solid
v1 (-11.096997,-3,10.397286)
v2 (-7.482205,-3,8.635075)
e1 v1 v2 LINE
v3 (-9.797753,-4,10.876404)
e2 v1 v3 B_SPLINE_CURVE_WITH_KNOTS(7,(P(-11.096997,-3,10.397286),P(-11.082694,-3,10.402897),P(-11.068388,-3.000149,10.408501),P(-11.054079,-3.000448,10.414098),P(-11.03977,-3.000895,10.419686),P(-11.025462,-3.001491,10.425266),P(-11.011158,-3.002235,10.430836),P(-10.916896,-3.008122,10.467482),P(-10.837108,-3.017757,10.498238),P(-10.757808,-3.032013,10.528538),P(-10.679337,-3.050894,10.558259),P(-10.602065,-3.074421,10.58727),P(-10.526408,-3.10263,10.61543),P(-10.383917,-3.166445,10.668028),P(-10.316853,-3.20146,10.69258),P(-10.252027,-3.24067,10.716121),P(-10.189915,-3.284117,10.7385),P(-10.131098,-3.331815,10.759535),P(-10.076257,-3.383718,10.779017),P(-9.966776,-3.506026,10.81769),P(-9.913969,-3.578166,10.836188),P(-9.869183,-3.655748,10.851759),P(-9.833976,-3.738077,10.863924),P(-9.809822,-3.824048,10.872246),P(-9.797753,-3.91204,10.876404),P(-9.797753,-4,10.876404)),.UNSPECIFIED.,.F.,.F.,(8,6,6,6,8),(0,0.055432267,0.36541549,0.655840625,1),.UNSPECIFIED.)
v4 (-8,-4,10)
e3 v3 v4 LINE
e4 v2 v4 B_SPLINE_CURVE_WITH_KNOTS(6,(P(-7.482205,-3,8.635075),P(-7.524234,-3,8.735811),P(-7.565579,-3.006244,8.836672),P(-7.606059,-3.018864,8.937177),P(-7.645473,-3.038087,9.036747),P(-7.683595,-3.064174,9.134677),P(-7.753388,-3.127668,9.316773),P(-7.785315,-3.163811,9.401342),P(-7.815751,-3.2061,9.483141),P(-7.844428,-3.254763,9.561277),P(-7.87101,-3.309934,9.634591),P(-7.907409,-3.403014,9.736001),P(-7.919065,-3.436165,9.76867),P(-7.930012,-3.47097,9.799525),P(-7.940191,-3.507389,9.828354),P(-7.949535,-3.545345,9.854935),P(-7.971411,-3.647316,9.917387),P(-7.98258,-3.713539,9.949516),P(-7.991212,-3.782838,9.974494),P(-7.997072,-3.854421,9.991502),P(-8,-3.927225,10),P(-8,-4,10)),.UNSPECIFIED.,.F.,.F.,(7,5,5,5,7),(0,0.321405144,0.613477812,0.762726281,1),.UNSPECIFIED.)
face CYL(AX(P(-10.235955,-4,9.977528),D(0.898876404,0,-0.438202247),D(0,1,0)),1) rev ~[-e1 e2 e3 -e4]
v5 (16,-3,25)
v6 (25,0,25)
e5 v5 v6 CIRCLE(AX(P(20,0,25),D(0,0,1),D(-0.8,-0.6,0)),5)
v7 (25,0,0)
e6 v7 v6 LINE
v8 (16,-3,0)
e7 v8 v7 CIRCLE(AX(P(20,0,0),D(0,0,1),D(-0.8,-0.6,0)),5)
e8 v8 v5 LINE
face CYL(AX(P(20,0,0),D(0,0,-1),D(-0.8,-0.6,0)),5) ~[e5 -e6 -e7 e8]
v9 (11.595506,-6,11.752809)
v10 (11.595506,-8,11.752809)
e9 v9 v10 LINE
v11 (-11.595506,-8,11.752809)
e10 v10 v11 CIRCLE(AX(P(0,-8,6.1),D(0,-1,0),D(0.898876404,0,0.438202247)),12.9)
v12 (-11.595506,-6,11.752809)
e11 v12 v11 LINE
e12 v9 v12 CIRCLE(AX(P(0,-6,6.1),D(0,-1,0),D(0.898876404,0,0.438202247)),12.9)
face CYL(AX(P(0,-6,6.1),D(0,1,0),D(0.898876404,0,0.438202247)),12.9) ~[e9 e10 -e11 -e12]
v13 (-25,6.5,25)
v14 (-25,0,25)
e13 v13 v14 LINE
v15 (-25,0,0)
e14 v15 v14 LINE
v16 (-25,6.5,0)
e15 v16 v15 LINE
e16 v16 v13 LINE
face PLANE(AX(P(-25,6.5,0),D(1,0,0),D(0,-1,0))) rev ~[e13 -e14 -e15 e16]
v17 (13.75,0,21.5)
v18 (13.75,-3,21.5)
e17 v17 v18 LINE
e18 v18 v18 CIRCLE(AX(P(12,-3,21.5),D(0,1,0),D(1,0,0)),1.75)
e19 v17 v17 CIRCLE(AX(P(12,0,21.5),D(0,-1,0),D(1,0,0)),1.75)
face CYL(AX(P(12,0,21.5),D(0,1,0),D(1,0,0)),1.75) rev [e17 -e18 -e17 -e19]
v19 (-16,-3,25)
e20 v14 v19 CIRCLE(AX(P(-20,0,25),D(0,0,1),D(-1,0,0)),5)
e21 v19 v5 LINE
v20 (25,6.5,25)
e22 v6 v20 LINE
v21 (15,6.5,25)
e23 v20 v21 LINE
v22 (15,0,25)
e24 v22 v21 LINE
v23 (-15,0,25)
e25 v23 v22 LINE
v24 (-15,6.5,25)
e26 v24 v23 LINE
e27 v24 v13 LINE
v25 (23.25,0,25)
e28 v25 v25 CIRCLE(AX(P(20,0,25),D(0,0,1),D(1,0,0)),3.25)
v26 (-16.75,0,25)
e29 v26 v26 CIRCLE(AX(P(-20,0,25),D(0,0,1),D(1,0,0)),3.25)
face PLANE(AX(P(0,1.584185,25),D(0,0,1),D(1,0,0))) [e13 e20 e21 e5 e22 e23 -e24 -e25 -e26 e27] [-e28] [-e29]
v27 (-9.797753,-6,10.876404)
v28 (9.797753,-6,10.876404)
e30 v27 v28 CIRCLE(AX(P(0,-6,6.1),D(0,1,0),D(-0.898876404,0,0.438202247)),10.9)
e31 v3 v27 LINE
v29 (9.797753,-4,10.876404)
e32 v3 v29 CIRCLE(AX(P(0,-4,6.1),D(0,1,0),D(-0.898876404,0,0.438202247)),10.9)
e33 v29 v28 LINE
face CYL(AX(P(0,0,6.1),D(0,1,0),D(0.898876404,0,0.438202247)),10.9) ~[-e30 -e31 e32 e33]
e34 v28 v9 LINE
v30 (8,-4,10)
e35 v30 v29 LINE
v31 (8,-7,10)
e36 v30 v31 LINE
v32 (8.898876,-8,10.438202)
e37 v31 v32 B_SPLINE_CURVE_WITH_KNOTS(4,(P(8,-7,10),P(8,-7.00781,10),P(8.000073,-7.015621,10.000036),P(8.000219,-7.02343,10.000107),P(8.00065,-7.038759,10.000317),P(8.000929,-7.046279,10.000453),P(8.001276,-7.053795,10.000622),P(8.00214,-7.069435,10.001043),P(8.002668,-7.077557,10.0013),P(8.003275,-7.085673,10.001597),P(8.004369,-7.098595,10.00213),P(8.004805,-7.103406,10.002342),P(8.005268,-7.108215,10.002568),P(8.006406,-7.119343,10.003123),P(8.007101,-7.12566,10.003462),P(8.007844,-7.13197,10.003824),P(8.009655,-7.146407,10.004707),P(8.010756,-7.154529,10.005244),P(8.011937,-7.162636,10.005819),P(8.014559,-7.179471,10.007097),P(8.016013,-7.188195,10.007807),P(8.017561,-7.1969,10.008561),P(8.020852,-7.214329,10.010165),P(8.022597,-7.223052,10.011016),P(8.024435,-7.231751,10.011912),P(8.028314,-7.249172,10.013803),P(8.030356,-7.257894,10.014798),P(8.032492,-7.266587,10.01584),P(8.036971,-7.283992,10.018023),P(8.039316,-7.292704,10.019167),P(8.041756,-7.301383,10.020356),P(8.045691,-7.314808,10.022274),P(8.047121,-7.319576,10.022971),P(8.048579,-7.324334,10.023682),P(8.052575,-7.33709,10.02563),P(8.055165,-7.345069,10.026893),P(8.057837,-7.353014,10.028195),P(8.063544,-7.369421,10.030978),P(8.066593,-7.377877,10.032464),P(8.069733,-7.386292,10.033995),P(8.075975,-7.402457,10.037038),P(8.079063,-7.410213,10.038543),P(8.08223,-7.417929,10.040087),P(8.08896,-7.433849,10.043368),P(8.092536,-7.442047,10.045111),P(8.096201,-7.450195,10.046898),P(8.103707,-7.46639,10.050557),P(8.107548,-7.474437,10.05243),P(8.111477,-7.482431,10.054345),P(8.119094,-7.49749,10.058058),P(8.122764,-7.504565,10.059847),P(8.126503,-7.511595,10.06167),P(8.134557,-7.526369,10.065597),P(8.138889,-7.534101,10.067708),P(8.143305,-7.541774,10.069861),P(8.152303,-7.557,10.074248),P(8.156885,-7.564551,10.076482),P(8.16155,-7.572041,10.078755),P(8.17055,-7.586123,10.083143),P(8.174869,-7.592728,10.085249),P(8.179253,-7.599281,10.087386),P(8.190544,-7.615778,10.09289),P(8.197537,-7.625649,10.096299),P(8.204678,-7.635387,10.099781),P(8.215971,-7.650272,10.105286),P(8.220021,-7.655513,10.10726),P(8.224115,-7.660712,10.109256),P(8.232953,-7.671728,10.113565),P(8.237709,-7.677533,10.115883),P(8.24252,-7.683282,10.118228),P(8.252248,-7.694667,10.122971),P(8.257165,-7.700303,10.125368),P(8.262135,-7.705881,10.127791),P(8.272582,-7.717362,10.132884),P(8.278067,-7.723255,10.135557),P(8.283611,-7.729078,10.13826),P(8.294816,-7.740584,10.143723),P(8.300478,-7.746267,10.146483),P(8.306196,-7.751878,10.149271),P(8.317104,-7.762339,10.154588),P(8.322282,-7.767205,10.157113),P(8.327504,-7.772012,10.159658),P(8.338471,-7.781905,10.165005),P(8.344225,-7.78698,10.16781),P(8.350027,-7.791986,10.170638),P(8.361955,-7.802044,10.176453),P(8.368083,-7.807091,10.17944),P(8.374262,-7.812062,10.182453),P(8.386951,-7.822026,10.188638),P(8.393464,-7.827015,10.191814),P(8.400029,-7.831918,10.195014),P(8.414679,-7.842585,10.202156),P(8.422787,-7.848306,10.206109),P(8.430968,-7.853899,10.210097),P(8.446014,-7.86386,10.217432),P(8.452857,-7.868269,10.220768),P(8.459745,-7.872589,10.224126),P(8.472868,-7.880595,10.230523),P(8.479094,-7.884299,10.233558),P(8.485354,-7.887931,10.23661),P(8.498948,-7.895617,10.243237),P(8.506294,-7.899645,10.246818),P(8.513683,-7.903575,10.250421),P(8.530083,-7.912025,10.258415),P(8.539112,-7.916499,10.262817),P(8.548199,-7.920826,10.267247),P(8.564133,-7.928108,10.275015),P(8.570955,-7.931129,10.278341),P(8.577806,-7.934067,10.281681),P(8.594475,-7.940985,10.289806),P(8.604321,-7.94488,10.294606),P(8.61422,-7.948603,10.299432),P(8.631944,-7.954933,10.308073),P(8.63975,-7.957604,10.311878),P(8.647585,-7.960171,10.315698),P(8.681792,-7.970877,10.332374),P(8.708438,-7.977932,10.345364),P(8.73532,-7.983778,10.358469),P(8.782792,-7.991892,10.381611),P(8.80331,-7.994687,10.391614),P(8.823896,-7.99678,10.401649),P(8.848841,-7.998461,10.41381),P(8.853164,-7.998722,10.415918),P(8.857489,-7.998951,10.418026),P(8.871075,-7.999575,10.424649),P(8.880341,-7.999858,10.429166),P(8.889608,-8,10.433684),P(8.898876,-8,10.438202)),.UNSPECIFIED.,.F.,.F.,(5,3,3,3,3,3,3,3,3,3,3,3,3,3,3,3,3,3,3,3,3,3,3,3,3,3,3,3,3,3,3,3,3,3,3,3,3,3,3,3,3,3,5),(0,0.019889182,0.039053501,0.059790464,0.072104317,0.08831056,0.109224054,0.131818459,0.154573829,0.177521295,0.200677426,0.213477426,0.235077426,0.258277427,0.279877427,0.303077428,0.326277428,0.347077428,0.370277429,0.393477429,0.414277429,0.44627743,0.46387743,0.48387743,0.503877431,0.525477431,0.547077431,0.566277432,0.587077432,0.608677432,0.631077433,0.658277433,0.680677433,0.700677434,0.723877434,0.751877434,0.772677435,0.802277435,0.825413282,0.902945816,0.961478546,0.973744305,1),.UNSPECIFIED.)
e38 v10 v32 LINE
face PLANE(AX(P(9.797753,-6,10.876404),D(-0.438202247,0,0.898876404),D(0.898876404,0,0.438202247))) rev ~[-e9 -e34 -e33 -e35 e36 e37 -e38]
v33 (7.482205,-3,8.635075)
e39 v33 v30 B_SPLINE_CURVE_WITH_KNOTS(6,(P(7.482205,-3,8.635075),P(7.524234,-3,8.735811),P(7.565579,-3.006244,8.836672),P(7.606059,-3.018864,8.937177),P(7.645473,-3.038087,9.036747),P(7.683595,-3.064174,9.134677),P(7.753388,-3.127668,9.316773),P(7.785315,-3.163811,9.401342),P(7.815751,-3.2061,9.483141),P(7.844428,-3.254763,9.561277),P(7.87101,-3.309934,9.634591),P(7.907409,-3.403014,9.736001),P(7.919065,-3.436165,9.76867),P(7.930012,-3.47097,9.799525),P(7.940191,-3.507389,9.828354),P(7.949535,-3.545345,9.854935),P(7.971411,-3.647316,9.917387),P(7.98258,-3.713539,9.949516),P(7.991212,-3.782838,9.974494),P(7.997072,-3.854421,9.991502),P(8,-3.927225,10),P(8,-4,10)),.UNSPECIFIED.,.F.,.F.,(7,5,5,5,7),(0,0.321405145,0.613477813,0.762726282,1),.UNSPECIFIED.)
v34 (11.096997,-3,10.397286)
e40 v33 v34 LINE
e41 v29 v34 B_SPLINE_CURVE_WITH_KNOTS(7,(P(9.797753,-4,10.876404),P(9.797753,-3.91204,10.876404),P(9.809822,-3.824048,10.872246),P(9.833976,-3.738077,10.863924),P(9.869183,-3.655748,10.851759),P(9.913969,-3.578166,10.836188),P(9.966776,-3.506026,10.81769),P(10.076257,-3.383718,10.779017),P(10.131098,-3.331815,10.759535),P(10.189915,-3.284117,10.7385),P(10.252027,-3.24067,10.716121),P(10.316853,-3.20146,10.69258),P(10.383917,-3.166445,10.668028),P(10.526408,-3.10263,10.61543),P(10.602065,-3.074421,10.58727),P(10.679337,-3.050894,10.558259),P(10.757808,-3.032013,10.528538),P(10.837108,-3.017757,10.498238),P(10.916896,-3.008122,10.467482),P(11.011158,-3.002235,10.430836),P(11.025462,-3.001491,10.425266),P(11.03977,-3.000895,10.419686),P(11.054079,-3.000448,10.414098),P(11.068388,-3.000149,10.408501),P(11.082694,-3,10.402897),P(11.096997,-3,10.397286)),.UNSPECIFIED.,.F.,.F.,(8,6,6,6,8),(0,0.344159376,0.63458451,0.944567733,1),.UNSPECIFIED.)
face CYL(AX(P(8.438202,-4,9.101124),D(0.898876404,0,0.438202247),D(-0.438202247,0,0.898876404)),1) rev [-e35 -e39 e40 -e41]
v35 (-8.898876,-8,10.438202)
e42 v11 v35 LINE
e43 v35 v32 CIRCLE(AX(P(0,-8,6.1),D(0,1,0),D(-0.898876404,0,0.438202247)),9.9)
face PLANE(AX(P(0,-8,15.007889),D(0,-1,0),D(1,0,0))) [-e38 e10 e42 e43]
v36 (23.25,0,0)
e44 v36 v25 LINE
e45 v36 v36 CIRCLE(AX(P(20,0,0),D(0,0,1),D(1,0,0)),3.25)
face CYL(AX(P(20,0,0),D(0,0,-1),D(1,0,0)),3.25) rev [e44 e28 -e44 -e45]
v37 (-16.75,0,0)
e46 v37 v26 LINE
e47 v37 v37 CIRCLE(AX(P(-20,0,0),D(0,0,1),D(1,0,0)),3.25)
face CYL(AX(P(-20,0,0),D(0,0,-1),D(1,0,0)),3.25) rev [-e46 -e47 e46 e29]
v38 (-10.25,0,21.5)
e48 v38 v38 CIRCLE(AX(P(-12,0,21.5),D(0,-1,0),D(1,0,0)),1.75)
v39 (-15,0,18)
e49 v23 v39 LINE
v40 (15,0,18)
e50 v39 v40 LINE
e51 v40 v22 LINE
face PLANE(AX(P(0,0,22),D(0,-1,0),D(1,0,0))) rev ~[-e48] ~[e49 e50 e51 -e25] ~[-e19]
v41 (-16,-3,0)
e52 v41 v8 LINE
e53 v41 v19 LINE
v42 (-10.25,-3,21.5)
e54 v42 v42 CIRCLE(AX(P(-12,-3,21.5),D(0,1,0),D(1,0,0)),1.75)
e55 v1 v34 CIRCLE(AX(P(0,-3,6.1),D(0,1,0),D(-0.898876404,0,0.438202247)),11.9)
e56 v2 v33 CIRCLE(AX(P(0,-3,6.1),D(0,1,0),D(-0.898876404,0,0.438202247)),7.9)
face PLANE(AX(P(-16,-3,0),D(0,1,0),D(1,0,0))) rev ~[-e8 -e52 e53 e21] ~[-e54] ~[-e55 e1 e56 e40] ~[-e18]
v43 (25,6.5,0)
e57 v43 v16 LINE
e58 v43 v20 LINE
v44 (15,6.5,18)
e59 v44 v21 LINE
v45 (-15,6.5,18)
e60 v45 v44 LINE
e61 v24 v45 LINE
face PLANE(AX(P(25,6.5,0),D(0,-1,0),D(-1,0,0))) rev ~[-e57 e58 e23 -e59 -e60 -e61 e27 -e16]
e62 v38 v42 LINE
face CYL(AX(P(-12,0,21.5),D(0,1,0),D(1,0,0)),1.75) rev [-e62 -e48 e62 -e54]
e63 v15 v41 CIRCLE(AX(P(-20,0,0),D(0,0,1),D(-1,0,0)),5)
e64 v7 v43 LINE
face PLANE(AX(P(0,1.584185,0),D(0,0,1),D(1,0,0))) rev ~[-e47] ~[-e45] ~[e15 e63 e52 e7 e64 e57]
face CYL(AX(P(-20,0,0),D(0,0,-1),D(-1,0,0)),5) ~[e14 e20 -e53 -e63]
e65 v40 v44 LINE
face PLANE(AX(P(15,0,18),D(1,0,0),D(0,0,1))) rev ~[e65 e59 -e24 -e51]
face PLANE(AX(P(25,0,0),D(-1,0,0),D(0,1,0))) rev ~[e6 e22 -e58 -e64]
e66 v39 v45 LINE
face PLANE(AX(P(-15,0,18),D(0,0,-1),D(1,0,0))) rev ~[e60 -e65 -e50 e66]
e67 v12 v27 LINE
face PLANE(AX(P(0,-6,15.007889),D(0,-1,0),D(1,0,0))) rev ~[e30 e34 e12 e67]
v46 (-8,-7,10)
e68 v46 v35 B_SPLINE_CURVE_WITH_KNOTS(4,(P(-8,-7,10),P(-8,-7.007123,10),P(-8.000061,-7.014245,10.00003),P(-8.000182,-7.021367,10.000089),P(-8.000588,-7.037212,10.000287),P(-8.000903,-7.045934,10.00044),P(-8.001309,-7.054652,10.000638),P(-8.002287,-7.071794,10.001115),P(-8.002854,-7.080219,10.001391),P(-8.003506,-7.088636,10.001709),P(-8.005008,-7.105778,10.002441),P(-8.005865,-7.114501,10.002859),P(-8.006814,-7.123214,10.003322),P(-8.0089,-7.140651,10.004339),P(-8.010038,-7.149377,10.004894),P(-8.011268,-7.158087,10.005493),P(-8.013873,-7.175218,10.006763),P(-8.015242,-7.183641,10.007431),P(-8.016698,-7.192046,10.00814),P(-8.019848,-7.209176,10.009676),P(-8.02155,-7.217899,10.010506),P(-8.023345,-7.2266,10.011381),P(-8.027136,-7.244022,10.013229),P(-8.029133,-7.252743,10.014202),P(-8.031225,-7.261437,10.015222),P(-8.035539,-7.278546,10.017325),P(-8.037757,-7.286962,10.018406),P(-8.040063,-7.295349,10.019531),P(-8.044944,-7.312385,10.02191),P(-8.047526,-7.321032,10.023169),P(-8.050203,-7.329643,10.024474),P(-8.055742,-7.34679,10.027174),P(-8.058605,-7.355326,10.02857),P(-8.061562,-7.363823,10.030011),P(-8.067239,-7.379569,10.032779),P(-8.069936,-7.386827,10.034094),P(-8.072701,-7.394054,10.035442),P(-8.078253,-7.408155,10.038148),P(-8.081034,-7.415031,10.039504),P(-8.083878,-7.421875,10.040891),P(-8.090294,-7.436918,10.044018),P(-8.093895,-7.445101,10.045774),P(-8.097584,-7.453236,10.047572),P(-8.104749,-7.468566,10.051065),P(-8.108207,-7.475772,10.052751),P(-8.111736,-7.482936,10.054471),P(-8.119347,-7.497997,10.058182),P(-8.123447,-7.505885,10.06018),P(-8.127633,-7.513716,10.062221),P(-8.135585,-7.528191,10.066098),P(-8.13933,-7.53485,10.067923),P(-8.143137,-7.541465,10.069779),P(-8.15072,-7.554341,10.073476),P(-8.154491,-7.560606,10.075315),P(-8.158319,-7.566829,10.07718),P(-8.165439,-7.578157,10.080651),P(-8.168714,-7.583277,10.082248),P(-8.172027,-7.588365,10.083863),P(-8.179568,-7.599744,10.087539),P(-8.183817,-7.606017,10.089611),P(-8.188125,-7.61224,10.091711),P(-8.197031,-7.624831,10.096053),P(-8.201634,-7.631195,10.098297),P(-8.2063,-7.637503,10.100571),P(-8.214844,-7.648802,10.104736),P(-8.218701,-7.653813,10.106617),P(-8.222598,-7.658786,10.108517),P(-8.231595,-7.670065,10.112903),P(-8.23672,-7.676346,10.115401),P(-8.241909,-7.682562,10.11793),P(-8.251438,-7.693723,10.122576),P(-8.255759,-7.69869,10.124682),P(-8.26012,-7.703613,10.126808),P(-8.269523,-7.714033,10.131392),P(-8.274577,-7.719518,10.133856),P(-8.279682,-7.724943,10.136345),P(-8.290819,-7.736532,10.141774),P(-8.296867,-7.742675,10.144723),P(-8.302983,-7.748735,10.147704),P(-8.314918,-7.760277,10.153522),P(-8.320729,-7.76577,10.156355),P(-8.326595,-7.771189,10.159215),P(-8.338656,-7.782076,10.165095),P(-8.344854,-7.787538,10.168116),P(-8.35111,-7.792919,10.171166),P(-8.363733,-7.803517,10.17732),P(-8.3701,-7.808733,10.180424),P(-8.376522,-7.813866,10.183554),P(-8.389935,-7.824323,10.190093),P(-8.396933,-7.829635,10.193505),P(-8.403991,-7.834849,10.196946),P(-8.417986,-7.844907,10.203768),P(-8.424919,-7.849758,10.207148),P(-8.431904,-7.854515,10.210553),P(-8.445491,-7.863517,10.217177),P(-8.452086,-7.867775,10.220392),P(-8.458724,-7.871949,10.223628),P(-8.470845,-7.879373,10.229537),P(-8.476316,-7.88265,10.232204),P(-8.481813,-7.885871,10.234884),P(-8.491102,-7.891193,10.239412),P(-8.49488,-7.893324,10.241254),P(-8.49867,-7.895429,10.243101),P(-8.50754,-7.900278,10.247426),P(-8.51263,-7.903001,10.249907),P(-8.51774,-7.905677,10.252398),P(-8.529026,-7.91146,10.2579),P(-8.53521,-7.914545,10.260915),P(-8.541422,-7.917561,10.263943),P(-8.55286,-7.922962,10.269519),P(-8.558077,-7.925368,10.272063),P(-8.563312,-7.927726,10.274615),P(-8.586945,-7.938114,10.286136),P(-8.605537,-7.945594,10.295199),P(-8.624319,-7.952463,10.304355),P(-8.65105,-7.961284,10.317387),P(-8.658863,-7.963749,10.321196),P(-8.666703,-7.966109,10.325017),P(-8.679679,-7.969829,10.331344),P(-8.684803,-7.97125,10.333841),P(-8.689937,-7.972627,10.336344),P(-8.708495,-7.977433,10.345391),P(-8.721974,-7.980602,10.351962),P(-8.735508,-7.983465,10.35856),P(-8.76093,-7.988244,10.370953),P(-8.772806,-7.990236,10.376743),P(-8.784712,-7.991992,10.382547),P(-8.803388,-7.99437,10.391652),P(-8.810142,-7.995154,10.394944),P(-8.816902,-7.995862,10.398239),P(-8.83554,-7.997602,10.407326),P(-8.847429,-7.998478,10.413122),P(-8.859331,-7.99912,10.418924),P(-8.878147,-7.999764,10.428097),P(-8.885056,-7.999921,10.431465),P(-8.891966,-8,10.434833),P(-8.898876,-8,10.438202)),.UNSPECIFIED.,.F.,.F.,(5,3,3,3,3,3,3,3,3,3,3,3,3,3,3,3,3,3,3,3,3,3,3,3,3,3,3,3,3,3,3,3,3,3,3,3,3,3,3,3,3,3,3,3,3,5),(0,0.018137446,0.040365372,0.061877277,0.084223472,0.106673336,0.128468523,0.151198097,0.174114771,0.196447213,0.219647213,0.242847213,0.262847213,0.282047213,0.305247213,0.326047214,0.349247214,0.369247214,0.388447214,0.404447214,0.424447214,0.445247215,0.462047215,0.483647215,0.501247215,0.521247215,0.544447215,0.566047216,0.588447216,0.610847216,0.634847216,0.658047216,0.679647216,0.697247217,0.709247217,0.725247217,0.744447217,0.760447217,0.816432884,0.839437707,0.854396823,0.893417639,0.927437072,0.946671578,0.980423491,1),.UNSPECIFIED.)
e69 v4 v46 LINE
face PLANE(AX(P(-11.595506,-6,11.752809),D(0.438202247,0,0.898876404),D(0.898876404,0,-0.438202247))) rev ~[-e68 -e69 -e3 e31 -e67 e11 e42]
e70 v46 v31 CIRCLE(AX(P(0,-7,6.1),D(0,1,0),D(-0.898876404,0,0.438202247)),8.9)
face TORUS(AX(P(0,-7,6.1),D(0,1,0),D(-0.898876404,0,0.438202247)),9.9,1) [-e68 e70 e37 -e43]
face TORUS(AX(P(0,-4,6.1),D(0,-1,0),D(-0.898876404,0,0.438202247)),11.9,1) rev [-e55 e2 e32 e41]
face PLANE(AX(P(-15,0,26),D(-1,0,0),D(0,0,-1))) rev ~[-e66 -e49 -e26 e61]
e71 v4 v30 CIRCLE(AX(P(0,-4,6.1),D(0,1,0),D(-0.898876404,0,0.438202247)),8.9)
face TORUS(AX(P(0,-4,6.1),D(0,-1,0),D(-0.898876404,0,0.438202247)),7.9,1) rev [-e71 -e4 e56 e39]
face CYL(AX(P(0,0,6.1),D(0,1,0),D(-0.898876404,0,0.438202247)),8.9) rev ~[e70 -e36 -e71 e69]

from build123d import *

# Parameters (mm, degrees)
F0_R          = 3.25
F1_DEPTH      = 25
F3_DEPTH      = 8
F4_START      = 6
F4_DEPTH      = 2
F6_DEPTH      = 25
F7_R          = 1.75
F8_DEPTH      = 25
F8_DEPTH_BACK = 25
F9_R          = 1


with BuildPart() as f1:
    # F0 (on Top) → F1 (new body)
    with BuildSketch(Plane.XY):
        with BuildLine():
            Line((-25, 6.5), (-25, 0))
            ThreePointArc((-25, 0), (-21.5811388301, -4.7434164903), (-16, -3))
            Line((-16, -3), (0, -3))
            Line((0, -3), (16, -3))
            ThreePointArc((16, -3), (21.5811388301, -4.7434164903), (25, 0))
            Line((25, 0), (25, 6.5))
            Line((25, 6.5), (-25, 6.5))
        make_face()
        with Locations((-20, 0)):
            Circle(F0_R, mode=Mode.SUBTRACT)
        with Locations((20, 0)):
            Circle(F0_R, mode=Mode.SUBTRACT)
    extrude(amount=F1_DEPTH)

    # F2 (on Front) → F3 (join)
    with BuildSketch(Plane.XZ):
        with BuildLine():
            ThreePointArc((-8, 10), (0, 15), (8, 10))
            Line((8, 10), (9.797752809, 10.8764044944))
            ThreePointArc((9.797752809, 10.8764044944), (0, 17), (-9.797752809, 10.8764044944))
            Line((-9.797752809, 10.8764044944), (-8, 10))
        make_face()
    extrude(amount=F3_DEPTH)

    # F2 (on Front) → F4 (join)
    with BuildSketch(Plane.XZ.offset(F4_START)):
        with BuildLine():
            ThreePointArc((-9.797752809, 10.8764044944), (0, 17), (9.797752809, 10.8764044944))
            Line((9.797752809, 10.8764044944), (11.595505618, 11.7528089888))
            ThreePointArc((11.595505618, 11.7528089888), (0, 19), (-11.595505618, 11.7528089888))
            Line((-11.595505618, 11.7528089888), (-9.797752809, 10.8764044944))
        make_face()
    extrude(amount=F4_DEPTH)

    # F5 (on Front) → F6 (cut)
    with BuildSketch(Plane.XZ):
        Polygon((-15, 18), (0, 18), (15, 18), (15, 26), (-15, 26), align=None)
    extrude(amount=-F6_DEPTH, mode=Mode.SUBTRACT)

    # F7 (on Front) → F8 (cut, two sides)
    with BuildSketch(Plane.XZ) as f8_sk:
        with Locations((-12, 21.5)):
            Circle(F7_R)
        with Locations((12, 21.5)):
            Circle(F7_R)
    extrude(amount=-F8_DEPTH, mode=Mode.SUBTRACT)
    extrude(f8_sk.sketch, amount=F8_DEPTH_BACK, mode=Mode.SUBTRACT)

    # F9
    f9_edges = [f1.edges().sort_by_distance(p)[0] for p in [
        (0, -3, 15),
        (-8.898876, -3, 10.438202),
        (8.898876, -3, 10.438202),
        (0, -3, 17),
        (0, -8, 15),
    ]]
    fillet(f9_edges, radius=F9_R)


solid = f1.part
